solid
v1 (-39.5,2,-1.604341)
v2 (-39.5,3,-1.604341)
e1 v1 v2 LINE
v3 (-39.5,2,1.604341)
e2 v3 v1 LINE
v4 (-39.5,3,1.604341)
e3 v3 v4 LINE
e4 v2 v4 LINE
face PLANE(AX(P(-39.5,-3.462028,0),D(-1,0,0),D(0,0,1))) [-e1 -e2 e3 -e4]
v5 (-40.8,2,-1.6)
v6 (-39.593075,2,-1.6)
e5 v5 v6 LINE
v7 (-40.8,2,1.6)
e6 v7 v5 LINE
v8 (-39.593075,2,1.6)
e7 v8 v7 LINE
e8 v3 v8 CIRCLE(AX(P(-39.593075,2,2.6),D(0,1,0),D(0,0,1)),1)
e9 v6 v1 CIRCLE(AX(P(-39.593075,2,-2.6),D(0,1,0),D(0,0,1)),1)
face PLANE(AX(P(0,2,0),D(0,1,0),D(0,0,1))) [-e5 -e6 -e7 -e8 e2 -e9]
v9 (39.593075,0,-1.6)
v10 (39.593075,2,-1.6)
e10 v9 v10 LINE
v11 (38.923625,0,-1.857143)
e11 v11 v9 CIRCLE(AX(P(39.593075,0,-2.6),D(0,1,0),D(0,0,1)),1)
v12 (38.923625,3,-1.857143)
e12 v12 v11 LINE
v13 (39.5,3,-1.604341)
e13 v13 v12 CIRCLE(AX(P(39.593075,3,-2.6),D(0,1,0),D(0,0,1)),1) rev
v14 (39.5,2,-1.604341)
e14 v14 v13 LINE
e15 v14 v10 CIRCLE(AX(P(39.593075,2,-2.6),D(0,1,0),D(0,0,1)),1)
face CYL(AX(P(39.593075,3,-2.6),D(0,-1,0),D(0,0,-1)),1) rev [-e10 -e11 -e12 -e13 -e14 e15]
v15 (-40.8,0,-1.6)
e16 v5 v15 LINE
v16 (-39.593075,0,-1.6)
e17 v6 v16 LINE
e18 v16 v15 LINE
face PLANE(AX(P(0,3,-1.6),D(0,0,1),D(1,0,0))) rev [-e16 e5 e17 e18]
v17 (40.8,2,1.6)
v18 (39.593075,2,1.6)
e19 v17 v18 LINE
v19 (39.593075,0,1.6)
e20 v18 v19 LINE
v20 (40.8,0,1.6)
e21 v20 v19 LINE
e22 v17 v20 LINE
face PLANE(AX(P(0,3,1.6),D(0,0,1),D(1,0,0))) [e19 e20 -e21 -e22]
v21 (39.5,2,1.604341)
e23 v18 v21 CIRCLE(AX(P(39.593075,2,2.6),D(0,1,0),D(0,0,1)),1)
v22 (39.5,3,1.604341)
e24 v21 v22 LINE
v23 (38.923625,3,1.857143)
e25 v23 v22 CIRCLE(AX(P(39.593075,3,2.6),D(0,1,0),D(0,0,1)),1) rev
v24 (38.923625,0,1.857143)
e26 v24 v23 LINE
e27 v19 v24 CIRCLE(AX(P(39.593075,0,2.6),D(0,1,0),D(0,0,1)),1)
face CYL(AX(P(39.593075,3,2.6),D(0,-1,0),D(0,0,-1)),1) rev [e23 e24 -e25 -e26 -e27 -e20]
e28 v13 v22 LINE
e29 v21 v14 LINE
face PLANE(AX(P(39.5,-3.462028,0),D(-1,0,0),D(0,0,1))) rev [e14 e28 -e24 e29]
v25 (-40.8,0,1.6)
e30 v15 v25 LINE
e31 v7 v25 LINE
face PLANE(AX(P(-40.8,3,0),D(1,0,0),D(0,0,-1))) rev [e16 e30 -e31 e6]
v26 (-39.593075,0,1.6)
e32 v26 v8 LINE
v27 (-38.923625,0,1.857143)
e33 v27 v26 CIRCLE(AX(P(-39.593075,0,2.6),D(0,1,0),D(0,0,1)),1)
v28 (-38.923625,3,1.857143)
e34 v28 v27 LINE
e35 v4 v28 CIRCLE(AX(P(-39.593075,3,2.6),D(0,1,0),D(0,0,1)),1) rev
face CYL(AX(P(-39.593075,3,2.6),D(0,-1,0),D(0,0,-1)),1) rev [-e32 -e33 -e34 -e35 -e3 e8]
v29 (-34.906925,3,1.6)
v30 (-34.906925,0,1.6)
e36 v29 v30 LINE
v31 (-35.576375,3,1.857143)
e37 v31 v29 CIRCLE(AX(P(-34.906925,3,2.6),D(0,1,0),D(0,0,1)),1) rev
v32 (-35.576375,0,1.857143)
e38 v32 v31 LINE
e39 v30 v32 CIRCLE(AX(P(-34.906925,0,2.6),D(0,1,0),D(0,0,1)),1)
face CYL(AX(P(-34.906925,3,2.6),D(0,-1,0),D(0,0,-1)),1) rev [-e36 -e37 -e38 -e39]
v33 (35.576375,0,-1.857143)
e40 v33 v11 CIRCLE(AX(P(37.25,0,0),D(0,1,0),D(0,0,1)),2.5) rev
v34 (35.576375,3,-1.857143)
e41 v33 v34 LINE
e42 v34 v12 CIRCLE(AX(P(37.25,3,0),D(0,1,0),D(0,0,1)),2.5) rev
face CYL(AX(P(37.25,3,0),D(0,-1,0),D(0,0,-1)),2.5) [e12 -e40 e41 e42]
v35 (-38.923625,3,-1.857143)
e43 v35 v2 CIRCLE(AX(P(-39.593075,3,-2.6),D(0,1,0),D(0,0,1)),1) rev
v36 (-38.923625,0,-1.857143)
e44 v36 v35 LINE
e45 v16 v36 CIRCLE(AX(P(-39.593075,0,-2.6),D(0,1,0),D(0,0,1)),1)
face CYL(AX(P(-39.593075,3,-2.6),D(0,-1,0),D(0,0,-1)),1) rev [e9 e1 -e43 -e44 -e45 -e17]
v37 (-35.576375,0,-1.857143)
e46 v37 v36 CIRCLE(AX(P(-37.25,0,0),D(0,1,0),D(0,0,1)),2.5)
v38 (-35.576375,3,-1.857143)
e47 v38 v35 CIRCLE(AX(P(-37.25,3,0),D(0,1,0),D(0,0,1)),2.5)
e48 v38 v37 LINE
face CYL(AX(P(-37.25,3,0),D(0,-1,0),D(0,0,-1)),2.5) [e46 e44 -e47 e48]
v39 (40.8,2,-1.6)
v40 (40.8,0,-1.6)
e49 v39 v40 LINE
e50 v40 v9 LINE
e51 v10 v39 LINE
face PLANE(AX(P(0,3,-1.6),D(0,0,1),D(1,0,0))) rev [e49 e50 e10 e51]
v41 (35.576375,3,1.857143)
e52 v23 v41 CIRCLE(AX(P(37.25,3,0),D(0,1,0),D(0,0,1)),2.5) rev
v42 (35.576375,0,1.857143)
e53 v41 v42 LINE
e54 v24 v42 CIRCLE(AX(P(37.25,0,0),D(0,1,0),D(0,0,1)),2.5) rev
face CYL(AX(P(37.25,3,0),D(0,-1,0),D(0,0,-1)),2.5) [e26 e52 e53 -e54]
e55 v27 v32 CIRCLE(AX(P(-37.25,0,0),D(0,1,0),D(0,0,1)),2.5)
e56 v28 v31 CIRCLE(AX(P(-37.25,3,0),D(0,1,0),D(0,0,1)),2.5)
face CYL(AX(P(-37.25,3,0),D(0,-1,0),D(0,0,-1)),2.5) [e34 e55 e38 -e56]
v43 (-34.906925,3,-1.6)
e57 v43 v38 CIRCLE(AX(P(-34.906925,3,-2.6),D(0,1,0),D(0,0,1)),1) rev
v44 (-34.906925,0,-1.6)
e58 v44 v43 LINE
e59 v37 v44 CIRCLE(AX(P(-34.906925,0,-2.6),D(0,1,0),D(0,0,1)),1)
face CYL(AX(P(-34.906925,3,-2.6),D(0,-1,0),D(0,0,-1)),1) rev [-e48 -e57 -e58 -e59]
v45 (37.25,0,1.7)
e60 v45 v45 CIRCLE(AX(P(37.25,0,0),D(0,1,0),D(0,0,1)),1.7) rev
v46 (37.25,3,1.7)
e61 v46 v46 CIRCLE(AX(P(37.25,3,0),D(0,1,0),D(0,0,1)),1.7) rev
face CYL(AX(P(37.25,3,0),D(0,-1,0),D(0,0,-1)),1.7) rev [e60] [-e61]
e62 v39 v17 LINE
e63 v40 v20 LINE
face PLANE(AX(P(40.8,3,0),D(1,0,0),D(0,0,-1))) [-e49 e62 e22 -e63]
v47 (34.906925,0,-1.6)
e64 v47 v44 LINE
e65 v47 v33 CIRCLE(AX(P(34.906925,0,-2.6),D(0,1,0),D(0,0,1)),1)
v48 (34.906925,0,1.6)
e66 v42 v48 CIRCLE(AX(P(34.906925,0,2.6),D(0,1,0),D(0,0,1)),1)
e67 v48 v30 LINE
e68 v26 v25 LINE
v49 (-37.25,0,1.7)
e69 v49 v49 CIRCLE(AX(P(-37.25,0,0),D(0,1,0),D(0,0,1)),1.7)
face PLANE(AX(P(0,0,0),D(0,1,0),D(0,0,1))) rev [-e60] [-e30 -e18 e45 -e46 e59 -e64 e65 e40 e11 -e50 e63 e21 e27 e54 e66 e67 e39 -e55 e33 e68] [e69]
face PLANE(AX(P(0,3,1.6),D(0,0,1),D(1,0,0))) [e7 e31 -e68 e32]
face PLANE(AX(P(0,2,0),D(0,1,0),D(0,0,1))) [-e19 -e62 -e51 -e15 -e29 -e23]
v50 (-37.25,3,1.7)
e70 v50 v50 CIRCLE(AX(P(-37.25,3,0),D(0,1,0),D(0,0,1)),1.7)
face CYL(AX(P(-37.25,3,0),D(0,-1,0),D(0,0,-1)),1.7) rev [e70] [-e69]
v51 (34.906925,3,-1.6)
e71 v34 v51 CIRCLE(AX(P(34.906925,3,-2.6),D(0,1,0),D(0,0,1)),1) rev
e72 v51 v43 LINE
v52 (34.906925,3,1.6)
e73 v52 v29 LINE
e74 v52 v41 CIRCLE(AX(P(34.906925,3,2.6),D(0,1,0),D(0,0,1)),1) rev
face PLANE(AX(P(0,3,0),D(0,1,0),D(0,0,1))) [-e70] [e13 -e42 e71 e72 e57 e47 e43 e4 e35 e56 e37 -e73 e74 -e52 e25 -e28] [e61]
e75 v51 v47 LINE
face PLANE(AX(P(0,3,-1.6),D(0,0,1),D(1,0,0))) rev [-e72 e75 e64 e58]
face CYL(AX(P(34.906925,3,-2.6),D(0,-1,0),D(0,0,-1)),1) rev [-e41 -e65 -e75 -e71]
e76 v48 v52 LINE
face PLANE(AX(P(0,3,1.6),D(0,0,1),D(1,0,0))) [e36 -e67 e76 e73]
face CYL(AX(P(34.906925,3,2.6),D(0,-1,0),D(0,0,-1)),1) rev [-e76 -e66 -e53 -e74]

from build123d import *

# Parameters (mm, degrees)
SKETCH1_R       = 1.7
SHAPE_DEPTH     = 3
MILL_FILLETS_R  = 1
EDGE_CUTS_DEPTH = 1


with BuildPart() as part:
    # Sketch1 → Shape (new body)
    with BuildSketch(Plane(origin=(0, 0, 0), x_dir=(1, 0, 0), z_dir=(0, 1, 0))):
        with BuildLine():
            Line((-35.329062729, -1.6), (35.329062729, -1.6))
            ThreePointArc((35.329062729, -1.6), (37.25, -2.5), (39.170937271, -1.6))
            Line((39.170937271, -1.6), (40.8, -1.6))
            Line((40.8, -1.6), (40.8, 1.6))
            Line((40.8, 1.6), (39.170937271, 1.6))
            ThreePointArc((39.170937271, 1.6), (37.25, 2.5), (35.329062729, 1.6))
            Line((35.329062729, 1.6), (-35.329062729, 1.6))
            ThreePointArc((-35.329062729, 1.6), (-37.25, 2.5), (-39.170937271, 1.6))
            Line((-39.170937271, 1.6), (-40.8, 1.6))
            Line((-40.8, 1.6), (-40.8, -1.6))
            Line((-40.8, -1.6), (-39.170937271, -1.6))
            ThreePointArc((-39.170937271, -1.6), (-37.25, -2.5), (-35.329062729, -1.6))
        make_face()
        with Locations((37.25, 0)):
            Circle(SKETCH1_R, mode=Mode.SUBTRACT)
        with Locations((-37.25, 0)):
            Circle(SKETCH1_R, mode=Mode.SUBTRACT)
    extrude(amount=SHAPE_DEPTH)

    # Mill fillets
    mill_fillets_edges = [part.edges().sort_by_distance(p)[0] for p in [
        (-35.329062729, 1.5, -1.6),
        (35.329062729, 1.5, -1.6),
        (39.170937271, 1.5, -1.6),
        (39.170937271, 1.5, 1.6),
        (35.329062729, 1.5, 1.6),
        (-35.329062729, 1.5, 1.6),
        (-39.170937271, 1.5, 1.6),
        (-39.170937271, 1.5, -1.6),
    ]]
    fillet(mill_fillets_edges, radius=MILL_FILLETS_R)

    # Sketch2 → Edge cuts (cut)
    with BuildSketch(Plane(origin=(0, 3, 0), x_dir=(1, 0, 0), z_dir=(0, 1, 0))):
        with BuildLine():
            Line((-39.5, -1.60434089), (-39.5, 1.60434089))
            ThreePointArc((-39.5, 1.60434089), (-39.546486866, 1.601085812), (-39.593074903, 1.6))
            Line((-39.593074903, 1.6), (-40.8, 1.6))
            Line((-40.8, 1.6), (-40.8, -1.6))
            Line((-40.8, -1.6), (-39.593074903, -1.6))
            ThreePointArc((-39.593074903, -1.6), (-39.546486866, -1.601085812), (-39.5, -1.60434089))
        make_face()
        with BuildLine():
            ThreePointArc((39.593074903, 1.6), (39.546486866, 1.601085812), (39.5, 1.60434089))
            Line((39.5, 1.60434089), (39.5, -1.60434089))
            ThreePointArc((39.5, -1.60434089), (39.546486866, -1.601085812), (39.593074903, -1.6))
            Line((39.593074903, -1.6), (40.8, -1.6))
            Line((40.8, -1.6), (40.8, 1.6))
            Line((40.8, 1.6), (39.593074903, 1.6))
        make_face()
    extrude(amount=-EDGE_CUTS_DEPTH, mode=Mode.SUBTRACT)


solid = part.part
